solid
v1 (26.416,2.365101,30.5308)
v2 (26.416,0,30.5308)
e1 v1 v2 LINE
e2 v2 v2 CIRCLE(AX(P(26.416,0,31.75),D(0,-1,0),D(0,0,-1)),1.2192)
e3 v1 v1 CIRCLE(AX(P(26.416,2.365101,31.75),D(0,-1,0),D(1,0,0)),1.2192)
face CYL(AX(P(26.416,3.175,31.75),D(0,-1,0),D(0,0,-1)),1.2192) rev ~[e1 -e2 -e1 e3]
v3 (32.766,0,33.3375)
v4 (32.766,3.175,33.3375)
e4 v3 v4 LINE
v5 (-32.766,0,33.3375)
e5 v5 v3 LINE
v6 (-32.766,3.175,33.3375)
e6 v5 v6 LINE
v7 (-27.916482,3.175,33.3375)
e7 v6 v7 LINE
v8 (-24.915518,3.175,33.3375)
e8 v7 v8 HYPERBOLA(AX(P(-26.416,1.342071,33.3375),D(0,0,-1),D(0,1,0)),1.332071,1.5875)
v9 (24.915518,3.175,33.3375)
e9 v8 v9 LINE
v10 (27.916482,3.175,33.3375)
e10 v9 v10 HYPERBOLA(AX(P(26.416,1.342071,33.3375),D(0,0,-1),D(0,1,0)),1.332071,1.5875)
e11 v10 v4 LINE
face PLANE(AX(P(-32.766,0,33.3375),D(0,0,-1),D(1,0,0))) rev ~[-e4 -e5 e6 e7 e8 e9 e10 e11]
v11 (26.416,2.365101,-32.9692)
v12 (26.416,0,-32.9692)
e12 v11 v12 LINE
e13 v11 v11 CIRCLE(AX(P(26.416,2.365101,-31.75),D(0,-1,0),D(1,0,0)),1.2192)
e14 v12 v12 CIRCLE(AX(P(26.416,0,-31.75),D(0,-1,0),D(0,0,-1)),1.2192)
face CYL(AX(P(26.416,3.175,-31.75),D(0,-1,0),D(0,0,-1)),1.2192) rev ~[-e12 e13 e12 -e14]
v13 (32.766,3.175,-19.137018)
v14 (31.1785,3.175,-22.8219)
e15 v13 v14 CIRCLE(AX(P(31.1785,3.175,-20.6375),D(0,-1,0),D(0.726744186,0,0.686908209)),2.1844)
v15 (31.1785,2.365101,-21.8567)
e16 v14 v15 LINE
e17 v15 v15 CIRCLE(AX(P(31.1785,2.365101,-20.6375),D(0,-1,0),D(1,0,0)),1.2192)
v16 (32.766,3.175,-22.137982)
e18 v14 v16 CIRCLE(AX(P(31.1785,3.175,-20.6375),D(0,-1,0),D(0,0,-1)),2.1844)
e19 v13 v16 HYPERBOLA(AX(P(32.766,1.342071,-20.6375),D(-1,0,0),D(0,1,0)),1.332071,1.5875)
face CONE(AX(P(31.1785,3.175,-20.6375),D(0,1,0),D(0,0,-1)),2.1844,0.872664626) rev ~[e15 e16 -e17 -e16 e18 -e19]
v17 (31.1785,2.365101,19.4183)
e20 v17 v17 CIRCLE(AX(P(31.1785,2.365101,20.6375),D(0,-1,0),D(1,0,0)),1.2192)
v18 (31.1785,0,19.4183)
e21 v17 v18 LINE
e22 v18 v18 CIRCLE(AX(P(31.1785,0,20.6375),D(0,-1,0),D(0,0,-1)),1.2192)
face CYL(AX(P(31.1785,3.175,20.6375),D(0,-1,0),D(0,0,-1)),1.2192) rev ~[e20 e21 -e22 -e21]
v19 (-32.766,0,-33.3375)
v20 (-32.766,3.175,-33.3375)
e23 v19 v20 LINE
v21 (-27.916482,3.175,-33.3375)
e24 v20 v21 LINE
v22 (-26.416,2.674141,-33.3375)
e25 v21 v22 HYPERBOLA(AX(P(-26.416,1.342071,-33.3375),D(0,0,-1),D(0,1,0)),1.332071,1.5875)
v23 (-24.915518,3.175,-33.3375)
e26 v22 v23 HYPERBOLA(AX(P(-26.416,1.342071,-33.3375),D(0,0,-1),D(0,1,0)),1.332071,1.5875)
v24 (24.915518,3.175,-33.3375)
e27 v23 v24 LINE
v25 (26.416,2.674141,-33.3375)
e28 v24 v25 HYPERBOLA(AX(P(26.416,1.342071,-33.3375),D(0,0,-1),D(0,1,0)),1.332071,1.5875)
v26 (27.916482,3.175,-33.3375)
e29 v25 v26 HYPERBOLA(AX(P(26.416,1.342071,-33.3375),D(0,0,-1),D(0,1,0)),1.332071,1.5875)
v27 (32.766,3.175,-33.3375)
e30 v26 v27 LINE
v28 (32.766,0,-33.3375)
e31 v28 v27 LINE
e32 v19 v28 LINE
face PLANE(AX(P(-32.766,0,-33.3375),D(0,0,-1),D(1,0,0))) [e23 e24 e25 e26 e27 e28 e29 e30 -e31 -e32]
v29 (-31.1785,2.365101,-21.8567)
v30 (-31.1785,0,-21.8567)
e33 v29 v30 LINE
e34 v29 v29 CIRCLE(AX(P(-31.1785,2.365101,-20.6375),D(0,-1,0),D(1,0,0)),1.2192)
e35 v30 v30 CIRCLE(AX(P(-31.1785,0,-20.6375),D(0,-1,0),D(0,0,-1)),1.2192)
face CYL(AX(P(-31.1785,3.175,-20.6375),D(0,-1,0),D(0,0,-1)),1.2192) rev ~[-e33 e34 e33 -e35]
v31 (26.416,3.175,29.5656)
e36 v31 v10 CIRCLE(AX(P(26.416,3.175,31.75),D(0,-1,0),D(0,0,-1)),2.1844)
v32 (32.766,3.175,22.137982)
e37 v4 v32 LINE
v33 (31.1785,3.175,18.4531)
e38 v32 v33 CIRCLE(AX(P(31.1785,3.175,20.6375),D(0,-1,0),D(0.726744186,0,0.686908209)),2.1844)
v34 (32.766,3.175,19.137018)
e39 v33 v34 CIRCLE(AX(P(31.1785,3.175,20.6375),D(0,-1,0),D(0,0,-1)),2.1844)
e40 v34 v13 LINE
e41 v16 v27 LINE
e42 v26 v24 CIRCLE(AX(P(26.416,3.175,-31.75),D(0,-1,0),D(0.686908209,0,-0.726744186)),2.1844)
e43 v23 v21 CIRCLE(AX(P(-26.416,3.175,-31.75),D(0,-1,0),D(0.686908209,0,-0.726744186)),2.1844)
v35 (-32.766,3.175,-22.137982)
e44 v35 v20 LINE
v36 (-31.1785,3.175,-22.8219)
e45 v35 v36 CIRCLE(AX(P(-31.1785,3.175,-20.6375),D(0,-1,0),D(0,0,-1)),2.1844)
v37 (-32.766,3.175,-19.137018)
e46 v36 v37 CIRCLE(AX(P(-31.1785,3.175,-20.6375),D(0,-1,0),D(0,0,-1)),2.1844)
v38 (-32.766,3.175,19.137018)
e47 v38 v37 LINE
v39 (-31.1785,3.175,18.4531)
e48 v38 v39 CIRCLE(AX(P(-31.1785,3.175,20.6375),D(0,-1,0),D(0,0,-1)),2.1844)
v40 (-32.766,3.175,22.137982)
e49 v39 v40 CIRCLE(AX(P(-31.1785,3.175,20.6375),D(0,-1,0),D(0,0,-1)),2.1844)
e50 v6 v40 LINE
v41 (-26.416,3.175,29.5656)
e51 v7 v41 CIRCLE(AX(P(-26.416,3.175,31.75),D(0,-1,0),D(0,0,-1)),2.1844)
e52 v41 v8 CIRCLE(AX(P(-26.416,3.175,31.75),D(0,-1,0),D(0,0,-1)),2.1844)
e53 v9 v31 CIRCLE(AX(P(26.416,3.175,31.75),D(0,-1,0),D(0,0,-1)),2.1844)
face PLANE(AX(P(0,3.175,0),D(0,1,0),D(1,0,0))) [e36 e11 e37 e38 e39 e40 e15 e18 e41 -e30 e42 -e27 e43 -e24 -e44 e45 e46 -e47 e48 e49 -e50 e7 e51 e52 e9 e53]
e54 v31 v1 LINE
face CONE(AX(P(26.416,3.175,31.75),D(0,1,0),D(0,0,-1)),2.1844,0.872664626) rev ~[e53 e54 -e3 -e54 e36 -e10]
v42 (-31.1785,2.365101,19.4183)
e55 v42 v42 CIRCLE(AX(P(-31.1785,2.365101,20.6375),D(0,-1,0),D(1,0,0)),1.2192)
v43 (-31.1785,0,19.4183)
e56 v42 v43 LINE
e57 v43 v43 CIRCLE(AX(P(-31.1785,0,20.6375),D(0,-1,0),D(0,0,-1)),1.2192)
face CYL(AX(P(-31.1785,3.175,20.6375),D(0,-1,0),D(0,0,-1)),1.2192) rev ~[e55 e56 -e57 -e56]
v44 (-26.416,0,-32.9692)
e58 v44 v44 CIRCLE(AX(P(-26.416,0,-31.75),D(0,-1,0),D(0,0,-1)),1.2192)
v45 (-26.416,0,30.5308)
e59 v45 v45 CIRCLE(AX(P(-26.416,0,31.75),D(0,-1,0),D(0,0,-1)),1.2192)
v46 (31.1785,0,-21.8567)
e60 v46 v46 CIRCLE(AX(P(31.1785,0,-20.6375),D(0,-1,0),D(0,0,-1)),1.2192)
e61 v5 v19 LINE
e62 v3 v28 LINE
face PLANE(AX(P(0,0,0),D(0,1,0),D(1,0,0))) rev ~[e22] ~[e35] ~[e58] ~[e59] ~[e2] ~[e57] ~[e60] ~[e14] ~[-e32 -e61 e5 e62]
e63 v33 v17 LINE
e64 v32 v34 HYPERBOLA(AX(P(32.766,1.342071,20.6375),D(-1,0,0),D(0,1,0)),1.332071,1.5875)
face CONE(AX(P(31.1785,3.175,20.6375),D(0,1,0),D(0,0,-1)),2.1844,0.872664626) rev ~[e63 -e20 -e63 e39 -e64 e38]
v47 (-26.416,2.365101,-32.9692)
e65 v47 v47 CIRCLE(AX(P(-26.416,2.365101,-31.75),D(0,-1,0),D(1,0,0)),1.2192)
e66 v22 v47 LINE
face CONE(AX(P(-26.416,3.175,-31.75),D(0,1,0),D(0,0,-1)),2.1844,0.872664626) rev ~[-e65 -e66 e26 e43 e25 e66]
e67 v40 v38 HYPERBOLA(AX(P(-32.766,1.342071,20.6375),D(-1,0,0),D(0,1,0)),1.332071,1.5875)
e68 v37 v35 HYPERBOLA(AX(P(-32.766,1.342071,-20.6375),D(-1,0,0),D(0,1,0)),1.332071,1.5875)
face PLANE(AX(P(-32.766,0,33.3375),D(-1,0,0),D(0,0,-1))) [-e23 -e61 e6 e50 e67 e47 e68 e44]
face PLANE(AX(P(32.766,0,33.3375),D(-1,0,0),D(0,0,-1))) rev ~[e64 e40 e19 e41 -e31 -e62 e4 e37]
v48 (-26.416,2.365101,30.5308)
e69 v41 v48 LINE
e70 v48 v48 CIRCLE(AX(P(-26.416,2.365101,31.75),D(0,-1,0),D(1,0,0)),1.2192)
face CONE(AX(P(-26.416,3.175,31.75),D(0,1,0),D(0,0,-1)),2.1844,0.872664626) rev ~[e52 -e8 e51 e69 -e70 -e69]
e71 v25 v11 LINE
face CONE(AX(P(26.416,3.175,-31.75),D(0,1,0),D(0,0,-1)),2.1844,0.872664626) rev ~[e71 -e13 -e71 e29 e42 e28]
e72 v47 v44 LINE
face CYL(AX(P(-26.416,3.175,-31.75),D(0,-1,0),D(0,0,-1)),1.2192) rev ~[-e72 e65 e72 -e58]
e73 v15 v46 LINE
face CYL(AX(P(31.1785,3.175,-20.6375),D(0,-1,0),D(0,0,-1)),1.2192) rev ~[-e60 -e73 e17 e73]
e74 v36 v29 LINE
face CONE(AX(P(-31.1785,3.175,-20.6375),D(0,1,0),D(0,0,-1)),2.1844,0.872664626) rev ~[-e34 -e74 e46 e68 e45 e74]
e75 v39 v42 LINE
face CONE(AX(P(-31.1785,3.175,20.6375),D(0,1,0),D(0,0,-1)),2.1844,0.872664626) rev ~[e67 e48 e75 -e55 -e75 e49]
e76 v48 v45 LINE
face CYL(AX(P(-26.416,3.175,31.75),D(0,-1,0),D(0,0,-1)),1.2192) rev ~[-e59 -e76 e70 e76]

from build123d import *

# Parameters (mm, degrees)
SKETCH1_W                                         = 65.532
SKETCH1_H                                         = 66.675
EXTRUDE1_DEPTH                                    = 3.175
CSK_FOR_2_FLAT_HEAD_MACHINE_SCREW_100_D           = 2.4384
CSK_FOR_2_FLAT_HEAD_MACHINE_SCREW_100_CSINK_D     = 4.3688
CSK_FOR_2_FLAT_HEAD_MACHINE_SCREW_100_CSINK_ANGLE = 100


with BuildPart() as part:
    # Sketch1 → Extrude1 (new body)
    with BuildSketch(Plane(origin=(0, 0, 0), x_dir=(1, 0, 0), z_dir=(0, 1, 0))):
        Rectangle(SKETCH1_W, SKETCH1_H)
    extrude(amount=EXTRUDE1_DEPTH)

    # CSK for #2 Flat Head Machine Screw (100)1 (through all)
    with Locations(Plane(origin=(-26.416, 3.175, 31.75), x_dir=(0, 0, 1), z_dir=(0, 1, 0))):
        with Locations((0, 0), (0, 52.832), (-63.5, 52.832), (-63.5, 0), (-52.3875, -4.7625), (-11.1125, -4.7625), (-52.3875, 57.5945), (-11.1125, 57.5945)):
            CounterSinkHole(CSK_FOR_2_FLAT_HEAD_MACHINE_SCREW_100_D / 2, CSK_FOR_2_FLAT_HEAD_MACHINE_SCREW_100_CSINK_D / 2, counter_sink_angle=CSK_FOR_2_FLAT_HEAD_MACHINE_SCREW_100_CSINK_ANGLE)


solid = part.part
